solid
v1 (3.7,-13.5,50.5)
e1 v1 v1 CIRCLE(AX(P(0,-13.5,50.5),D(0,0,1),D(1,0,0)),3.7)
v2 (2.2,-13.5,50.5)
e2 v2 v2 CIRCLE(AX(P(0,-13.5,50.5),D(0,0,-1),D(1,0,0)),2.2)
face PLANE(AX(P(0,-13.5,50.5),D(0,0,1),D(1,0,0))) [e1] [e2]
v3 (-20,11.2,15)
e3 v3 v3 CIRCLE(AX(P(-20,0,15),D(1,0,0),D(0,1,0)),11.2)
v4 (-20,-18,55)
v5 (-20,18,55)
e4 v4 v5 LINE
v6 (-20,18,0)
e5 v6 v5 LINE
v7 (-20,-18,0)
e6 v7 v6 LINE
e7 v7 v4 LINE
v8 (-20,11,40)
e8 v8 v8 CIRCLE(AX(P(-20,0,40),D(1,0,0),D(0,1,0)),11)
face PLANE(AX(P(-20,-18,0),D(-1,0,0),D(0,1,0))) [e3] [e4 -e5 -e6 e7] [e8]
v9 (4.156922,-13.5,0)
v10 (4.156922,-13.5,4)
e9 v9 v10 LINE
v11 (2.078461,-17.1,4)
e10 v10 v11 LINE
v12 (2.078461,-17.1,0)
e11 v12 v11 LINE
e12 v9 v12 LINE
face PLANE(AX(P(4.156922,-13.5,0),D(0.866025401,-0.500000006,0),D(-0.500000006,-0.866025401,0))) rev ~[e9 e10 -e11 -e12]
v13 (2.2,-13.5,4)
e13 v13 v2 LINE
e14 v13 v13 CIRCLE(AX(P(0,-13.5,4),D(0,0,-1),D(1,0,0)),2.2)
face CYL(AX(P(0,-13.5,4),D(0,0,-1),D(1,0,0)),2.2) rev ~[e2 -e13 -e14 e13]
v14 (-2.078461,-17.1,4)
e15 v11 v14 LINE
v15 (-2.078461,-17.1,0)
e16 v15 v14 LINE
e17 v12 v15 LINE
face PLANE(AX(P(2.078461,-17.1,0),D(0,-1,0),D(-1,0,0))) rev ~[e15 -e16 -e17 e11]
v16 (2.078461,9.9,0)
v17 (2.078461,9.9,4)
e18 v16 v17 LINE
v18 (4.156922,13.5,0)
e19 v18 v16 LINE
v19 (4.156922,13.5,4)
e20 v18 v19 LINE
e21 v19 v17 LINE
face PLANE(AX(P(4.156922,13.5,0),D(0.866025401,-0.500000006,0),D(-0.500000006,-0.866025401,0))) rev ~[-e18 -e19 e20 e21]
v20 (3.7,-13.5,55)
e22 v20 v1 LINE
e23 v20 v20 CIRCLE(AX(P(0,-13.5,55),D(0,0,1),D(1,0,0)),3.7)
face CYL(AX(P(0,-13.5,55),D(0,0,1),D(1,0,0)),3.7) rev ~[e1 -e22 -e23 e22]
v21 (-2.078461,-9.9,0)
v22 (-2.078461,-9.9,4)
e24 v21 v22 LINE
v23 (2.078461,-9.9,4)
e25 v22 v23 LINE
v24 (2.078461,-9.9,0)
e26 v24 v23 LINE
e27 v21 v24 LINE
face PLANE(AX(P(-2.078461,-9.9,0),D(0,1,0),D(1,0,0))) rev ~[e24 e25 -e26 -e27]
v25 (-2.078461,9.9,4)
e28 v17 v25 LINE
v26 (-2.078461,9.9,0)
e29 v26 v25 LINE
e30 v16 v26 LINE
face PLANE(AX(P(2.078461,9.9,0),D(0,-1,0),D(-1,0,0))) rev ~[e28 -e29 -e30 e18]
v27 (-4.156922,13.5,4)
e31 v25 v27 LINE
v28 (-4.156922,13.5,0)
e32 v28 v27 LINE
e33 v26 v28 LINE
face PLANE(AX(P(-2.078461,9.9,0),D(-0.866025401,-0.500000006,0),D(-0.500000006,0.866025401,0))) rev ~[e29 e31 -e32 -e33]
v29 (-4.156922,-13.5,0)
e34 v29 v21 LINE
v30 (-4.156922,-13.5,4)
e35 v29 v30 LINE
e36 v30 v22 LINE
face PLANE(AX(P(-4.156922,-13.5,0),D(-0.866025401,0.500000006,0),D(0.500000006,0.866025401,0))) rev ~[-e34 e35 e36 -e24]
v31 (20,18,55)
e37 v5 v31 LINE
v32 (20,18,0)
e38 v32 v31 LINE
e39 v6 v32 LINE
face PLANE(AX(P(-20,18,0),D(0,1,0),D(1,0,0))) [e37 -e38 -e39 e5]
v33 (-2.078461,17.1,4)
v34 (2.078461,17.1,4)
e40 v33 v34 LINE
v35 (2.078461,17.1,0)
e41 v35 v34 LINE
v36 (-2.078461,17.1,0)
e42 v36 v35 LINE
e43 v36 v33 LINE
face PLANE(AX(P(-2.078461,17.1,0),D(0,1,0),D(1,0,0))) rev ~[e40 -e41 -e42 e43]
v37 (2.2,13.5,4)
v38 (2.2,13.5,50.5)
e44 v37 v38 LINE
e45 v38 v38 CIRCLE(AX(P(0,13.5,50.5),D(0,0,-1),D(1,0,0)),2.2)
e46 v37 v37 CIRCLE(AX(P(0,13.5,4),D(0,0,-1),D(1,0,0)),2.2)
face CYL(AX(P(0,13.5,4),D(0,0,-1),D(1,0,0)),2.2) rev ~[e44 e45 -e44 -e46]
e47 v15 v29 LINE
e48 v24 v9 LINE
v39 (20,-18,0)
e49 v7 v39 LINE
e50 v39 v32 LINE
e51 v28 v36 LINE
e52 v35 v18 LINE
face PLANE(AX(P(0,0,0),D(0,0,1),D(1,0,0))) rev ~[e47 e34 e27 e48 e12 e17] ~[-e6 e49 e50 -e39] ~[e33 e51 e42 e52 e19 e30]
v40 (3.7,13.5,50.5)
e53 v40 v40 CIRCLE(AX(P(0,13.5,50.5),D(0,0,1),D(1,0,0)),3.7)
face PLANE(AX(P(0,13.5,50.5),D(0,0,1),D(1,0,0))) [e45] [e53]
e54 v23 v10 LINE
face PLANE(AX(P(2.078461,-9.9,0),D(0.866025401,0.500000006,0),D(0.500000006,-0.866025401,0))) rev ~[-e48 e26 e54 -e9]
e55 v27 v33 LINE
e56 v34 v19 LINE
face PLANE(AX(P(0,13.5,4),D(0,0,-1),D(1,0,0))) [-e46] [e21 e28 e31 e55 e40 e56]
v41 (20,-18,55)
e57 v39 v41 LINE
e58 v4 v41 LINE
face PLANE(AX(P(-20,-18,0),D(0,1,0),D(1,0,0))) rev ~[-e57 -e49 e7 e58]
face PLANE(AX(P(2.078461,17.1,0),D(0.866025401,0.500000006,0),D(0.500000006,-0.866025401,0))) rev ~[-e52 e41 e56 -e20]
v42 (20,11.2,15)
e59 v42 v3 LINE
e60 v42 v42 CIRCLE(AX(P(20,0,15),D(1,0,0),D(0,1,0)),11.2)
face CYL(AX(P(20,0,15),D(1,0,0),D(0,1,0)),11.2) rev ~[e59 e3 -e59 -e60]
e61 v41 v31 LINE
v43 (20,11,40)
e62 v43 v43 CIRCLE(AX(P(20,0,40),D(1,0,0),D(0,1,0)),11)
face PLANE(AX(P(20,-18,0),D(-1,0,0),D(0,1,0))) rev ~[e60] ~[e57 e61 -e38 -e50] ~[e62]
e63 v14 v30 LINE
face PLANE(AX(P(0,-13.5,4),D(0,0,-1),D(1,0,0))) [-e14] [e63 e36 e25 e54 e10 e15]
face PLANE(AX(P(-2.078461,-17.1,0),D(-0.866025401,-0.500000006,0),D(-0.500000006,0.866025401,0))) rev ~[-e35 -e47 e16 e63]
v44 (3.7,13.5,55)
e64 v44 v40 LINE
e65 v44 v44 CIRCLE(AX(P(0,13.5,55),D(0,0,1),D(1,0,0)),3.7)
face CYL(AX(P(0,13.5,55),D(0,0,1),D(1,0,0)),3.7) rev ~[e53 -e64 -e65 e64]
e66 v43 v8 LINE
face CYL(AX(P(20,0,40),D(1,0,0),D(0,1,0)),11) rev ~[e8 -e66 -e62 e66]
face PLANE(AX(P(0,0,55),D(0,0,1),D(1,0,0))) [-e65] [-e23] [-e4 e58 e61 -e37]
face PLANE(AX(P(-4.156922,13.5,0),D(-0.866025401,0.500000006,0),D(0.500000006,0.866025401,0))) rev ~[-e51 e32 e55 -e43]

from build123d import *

# Parameters (mm, degrees)
SKETCH_W        = 40
SKETCH_H        = 36
PAD_DEPTH       = 55
SKETCH001_R     = 11.2
SKETCH001_R_2   = 11
POCKET_DEPTH    = 40.001
POCKET001_DEPTH = 4
SKETCH004_R     = 2.2
POCKET002_DEPTH = 51.001
SKETCH005_R     = 3.7
POCKET003_DEPTH = 4.5


with BuildPart() as part:
    # Sketch → Pad (new body)
    with BuildSketch(Plane.XY):
        Rectangle(SKETCH_W, SKETCH_H)
    extrude(amount=PAD_DEPTH)

    # Sketch001 → Pocket (cut, through all)
    with BuildSketch(Plane.YZ.offset(20)):
        with Locations((0, 15)):
            Circle(SKETCH001_R)
        with Locations((0, 40)):
            Circle(SKETCH001_R_2)
    extrude(amount=-POCKET_DEPTH, mode=Mode.SUBTRACT)

    # Sketch002 → Pocket001 (cut)
    with BuildSketch(Plane(origin=(0, 0, 0), x_dir=(1, 0, 0), z_dir=(0, 0, -1))):
        Polygon((2.078461, 9.9), (4.156922, 13.5), (2.078461, 17.1), (-2.078461, 17.1), (-4.156922, 13.5), (-2.078461, 9.9), align=None)
        Polygon((4.156922, -13.5), (2.078461, -9.9), (-2.078461, -9.9), (-4.156922, -13.5), (-2.078461, -17.1), (2.078461, -17.1), align=None)
    extrude(amount=-POCKET001_DEPTH, mode=Mode.SUBTRACT)

    # Sketch004 → Pocket002 (cut, through all)
    with BuildSketch(Plane(origin=(0, 0, 4), x_dir=(1, 0, 0), z_dir=(0, 0, -1))):
        with Locations((0, 13.5)):
            Circle(SKETCH004_R)
        with Locations((0, -13.5)):
            Circle(SKETCH004_R)
    extrude(amount=-POCKET002_DEPTH, mode=Mode.SUBTRACT)

    # Sketch005 → Pocket003 (cut)
    with BuildSketch(Plane.XY.offset(55)):
        with Locations((0, -13.5)):
            Circle(SKETCH005_R)
        with Locations((0, 13.5)):
            Circle(SKETCH005_R)
    extrude(amount=-POCKET003_DEPTH, mode=Mode.SUBTRACT)


solid = part.part
